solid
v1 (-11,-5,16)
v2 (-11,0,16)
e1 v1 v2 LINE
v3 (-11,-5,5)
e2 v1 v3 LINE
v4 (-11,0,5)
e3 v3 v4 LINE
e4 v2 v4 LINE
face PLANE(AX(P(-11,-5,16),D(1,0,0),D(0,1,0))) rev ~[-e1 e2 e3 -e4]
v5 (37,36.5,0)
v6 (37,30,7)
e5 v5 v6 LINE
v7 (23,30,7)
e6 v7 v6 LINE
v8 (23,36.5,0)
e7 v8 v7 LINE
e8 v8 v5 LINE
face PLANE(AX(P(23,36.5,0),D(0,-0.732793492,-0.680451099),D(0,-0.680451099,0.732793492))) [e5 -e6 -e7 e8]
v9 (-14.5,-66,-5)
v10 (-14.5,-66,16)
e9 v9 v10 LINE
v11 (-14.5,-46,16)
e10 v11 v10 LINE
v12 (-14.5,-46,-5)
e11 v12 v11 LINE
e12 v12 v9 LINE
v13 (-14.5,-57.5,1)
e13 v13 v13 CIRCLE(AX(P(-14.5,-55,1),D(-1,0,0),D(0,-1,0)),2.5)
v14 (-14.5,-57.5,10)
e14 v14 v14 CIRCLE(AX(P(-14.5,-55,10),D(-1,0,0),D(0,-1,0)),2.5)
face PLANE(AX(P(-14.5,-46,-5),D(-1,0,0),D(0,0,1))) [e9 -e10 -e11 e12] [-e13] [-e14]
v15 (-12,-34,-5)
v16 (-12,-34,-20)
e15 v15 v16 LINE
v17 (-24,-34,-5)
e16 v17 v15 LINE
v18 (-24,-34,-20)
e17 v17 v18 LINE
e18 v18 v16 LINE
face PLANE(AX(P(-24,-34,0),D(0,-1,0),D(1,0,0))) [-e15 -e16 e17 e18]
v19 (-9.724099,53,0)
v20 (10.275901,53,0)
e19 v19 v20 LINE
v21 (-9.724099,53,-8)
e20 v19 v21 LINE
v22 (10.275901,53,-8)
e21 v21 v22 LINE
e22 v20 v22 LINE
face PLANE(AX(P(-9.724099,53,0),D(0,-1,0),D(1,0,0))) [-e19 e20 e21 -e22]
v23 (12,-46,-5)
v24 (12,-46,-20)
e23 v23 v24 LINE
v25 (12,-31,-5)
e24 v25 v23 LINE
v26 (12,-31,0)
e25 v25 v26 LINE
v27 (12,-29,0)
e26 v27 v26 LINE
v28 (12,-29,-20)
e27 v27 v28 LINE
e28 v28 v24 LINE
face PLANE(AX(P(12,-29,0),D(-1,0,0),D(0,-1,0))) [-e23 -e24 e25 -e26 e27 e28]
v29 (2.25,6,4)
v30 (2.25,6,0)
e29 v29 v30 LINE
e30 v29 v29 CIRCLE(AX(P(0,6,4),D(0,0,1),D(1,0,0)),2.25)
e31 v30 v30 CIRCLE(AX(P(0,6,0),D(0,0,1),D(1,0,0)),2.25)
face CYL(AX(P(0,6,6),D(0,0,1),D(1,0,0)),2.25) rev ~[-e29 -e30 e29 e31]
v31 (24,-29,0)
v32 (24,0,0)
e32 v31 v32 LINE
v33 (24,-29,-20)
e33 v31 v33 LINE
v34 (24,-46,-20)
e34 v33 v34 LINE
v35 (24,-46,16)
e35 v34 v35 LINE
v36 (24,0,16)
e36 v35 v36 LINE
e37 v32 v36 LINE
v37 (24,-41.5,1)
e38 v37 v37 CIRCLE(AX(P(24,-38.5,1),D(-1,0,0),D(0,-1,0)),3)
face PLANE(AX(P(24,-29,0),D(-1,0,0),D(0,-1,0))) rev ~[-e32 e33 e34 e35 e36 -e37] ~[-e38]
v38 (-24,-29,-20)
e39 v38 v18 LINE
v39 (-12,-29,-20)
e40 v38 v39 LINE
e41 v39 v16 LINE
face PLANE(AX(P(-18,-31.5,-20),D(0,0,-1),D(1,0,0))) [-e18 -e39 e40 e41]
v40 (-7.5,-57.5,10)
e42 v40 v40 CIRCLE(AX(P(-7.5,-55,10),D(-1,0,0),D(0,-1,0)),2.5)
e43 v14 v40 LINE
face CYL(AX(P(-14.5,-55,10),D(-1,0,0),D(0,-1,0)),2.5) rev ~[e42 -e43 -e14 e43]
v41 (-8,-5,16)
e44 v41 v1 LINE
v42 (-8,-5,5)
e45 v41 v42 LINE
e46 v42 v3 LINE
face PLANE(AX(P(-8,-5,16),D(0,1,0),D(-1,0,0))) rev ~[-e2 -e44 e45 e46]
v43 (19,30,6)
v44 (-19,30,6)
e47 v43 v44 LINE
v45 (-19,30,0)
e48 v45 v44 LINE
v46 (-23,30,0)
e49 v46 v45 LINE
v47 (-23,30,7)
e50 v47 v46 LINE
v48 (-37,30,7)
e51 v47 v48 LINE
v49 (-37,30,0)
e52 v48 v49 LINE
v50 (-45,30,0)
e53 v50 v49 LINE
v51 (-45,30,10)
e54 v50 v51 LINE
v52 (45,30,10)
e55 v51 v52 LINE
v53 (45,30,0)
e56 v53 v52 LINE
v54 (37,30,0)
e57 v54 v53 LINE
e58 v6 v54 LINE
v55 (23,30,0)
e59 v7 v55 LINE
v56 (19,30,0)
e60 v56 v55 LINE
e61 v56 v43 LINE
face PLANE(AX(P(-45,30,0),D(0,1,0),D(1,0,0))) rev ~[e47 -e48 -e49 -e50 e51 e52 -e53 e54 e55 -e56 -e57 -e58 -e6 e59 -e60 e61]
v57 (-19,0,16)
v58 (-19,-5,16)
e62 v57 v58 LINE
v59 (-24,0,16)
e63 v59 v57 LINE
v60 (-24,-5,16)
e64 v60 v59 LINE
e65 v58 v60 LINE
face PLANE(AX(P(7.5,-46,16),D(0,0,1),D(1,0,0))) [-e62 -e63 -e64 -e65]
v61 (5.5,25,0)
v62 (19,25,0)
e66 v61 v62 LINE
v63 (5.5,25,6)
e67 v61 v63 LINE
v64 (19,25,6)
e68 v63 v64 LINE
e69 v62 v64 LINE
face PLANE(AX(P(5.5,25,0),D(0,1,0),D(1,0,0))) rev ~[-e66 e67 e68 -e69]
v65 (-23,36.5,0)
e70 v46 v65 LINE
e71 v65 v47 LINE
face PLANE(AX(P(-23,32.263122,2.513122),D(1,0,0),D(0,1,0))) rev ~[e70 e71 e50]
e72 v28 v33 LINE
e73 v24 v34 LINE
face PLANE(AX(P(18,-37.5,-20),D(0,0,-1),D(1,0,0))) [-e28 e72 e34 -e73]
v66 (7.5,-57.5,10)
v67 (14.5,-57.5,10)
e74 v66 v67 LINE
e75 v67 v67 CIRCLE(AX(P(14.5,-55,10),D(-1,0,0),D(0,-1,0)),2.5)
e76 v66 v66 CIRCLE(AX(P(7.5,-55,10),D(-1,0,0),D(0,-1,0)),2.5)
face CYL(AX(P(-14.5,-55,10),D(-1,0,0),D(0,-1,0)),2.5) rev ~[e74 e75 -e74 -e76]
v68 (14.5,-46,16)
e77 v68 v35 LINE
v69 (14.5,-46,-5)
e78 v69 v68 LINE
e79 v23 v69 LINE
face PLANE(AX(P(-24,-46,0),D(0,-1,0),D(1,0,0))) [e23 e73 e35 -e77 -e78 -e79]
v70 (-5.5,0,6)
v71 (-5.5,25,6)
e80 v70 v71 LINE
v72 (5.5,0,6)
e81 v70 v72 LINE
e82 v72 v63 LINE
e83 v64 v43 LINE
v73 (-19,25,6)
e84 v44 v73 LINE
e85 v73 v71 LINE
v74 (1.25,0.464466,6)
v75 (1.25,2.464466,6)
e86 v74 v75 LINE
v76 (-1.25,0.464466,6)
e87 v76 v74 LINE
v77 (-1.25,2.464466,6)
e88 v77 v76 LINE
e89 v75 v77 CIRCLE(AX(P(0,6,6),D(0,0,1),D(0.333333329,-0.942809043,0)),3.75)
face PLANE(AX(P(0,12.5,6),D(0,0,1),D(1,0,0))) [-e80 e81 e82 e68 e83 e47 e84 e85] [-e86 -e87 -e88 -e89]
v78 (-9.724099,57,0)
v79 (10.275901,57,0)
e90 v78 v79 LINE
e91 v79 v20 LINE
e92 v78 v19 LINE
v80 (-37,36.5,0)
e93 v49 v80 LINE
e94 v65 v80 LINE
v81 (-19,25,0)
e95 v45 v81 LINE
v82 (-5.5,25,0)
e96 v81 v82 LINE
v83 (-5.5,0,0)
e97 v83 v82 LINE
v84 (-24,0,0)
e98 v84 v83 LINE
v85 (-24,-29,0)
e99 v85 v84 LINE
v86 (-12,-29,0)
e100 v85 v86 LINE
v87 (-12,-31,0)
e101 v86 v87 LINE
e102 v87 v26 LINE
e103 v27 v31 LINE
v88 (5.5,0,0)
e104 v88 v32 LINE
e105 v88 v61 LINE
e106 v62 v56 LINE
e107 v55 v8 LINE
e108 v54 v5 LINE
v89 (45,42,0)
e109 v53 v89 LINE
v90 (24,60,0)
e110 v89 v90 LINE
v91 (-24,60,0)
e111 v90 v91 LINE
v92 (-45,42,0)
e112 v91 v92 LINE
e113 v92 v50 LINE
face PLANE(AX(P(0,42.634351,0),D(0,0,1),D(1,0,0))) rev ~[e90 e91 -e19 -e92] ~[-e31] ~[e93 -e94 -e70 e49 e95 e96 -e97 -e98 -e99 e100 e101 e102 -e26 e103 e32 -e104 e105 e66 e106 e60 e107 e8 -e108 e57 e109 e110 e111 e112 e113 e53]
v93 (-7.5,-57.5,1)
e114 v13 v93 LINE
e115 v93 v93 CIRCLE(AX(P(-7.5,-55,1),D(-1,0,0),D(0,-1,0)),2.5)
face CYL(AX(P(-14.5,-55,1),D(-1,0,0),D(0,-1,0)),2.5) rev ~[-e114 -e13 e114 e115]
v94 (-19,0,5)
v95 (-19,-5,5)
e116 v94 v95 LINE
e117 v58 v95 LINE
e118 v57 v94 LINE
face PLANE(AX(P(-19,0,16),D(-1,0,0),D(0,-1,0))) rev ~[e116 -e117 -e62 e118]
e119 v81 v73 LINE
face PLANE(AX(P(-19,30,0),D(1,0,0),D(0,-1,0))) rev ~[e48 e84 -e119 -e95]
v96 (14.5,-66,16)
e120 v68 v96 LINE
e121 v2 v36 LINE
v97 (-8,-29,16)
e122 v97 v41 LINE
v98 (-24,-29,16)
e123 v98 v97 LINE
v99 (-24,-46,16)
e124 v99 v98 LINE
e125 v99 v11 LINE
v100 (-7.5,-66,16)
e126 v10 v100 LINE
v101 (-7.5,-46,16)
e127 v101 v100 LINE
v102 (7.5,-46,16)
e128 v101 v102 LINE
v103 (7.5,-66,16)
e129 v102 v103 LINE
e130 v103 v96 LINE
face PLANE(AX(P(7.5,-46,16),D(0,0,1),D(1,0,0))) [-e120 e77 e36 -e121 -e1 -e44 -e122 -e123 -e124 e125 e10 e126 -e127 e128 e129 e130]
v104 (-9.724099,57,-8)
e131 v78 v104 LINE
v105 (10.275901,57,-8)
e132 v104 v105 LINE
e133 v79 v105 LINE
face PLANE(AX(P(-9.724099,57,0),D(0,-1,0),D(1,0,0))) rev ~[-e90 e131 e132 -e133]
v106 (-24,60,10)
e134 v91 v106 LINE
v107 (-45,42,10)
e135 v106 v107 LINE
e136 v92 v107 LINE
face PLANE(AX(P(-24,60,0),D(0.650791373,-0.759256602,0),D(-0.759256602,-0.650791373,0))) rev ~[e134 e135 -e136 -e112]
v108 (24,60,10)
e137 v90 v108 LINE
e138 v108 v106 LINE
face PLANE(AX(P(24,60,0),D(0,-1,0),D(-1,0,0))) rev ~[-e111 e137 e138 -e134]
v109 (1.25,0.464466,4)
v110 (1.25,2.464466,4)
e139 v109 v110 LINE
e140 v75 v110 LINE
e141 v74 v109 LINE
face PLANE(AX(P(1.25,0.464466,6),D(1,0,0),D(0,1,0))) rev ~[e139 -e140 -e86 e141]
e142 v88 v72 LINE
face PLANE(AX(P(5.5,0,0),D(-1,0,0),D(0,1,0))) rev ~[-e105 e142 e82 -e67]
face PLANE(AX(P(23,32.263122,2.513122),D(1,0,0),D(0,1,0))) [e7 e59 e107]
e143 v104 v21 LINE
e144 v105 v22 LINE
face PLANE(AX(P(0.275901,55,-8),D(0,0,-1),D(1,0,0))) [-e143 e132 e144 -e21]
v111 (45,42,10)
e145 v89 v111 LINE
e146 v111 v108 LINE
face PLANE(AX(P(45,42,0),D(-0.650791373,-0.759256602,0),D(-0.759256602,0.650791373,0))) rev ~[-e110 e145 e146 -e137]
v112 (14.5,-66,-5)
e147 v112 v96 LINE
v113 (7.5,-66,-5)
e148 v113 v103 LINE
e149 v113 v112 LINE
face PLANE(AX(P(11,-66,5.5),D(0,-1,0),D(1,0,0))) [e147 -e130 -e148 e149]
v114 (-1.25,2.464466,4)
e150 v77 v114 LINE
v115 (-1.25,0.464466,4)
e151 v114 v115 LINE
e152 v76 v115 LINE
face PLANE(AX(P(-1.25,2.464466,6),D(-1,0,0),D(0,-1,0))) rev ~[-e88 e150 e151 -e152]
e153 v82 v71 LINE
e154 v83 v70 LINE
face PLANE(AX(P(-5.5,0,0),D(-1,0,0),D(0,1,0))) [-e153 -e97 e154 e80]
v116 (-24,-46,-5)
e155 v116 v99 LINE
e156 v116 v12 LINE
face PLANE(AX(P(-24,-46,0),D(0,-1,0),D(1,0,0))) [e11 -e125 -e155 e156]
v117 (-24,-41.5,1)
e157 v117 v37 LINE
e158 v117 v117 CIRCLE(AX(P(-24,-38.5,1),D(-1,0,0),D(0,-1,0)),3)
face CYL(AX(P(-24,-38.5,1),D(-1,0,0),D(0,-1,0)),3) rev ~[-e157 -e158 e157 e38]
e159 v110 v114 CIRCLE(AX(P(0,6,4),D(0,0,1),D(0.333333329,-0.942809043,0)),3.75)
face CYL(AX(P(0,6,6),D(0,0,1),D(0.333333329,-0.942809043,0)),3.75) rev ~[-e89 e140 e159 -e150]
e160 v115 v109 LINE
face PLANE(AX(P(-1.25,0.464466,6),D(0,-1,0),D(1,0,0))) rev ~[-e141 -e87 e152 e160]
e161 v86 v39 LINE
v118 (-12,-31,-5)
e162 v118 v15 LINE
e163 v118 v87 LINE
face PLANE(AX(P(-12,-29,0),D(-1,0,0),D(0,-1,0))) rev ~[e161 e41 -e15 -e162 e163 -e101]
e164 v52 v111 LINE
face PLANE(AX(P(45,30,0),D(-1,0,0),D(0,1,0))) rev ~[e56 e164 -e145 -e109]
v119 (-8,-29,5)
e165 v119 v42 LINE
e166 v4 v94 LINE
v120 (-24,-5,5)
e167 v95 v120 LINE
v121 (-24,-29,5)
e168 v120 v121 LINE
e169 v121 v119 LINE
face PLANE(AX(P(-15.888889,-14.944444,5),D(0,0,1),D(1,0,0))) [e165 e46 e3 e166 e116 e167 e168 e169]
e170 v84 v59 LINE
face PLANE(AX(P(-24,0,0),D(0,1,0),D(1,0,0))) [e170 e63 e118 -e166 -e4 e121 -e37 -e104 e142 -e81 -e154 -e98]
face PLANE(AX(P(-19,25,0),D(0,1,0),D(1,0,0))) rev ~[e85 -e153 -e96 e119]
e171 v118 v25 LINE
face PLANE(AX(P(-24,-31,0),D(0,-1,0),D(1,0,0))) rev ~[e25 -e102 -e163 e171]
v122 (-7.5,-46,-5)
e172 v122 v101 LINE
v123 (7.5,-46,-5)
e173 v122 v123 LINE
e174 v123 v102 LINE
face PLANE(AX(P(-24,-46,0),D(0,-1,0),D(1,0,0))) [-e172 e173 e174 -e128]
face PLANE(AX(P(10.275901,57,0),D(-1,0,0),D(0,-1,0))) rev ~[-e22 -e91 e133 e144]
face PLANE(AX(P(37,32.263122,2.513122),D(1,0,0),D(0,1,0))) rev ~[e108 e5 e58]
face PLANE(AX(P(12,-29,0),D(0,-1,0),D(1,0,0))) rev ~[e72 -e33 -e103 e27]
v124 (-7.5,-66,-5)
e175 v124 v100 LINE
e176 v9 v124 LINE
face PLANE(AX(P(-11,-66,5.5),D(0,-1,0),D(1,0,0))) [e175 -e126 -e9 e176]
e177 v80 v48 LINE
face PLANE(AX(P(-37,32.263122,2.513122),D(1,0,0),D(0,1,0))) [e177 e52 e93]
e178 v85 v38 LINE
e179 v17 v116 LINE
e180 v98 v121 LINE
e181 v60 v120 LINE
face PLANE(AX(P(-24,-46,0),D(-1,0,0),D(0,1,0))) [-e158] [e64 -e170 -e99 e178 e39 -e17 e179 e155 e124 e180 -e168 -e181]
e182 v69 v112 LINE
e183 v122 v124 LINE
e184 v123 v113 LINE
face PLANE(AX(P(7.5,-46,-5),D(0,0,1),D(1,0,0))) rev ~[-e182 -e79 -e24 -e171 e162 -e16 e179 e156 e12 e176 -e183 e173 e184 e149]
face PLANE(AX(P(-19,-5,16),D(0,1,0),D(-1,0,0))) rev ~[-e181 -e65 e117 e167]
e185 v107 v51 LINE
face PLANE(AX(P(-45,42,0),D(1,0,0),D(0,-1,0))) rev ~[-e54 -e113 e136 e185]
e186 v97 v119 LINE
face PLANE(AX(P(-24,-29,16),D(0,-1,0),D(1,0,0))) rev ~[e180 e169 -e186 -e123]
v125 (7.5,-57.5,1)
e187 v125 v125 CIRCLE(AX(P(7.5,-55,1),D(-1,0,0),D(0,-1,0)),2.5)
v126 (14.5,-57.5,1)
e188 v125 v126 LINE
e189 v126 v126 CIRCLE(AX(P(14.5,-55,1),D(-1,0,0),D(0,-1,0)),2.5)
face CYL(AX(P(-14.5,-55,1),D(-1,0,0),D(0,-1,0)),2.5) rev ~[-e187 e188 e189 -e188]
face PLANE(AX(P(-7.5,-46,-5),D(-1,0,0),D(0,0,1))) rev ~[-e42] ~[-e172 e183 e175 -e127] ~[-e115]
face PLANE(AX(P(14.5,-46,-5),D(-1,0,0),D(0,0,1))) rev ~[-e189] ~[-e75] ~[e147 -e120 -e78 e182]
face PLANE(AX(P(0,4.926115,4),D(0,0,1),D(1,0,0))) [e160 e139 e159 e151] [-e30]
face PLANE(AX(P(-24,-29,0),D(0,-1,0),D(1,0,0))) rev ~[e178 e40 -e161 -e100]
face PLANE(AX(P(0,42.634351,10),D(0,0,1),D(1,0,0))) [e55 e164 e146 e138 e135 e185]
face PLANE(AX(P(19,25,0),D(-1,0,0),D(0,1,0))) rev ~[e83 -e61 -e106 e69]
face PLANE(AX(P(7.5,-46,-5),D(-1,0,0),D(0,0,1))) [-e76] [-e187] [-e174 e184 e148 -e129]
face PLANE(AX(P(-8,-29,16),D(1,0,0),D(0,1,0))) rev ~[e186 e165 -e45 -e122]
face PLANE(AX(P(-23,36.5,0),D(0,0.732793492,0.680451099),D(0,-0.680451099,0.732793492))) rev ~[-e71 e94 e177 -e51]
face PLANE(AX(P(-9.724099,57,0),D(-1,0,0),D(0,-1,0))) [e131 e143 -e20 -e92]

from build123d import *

# Parameters (mm, degrees)
F0_W      = 48
F0_H      = 46
F1_DEPTH  = 16
F2_W      = 11
F2_H      = 25
F3_DEPTH  = 6
F5_DEPTH  = 10
F6_W      = 12
F6_H      = 5
F6_H_2    = 17
F7_DEPTH  = 20
F8_W      = 48
F8_H      = 15
F9_DEPTH  = 5
F10_W     = 7
F10_H     = 21
F11_DEPTH = 20
F13_DEPTH = 11
F14_R     = 2.5
F15_DEPTH = 59.501
F16_R     = 3
F17_DEPTH = 69.001
F18_R     = 2.25
F19_DEPTH = 26.001
F21_DEPTH = 2
F24_DEPTH = 14
F27_DEPTH = 14
F28_W     = 20
F28_H     = 4
F29_DEPTH = 8


with BuildPart() as f1:
    # F0 (on Top) → F1 (new body)
    with BuildSketch(Plane.XY):
        with Locations((0, -23)):
            Rectangle(F0_W, F0_H)
    extrude(amount=F1_DEPTH)

    # F2 (on Top) → F3 (join)
    with BuildSketch(Plane.XY):
        with Locations((0, 12.5)):
            Rectangle(F2_W, F2_H)
        Polygon((-19, 25), (-5.5, 25), (5.5, 25), (19, 25), (19, 30), (-19, 30), align=None)
    extrude(amount=F3_DEPTH)

    # F4 (on Top) → F5 (join)
    with BuildSketch(Plane.XY):
        Polygon((-45, 30), (0, 30), (45, 30), (45, 42), (24, 60), (-24, 60), (-45, 42), align=None)
    extrude(amount=F5_DEPTH)

    # F6 (on face) → F7 (join)
    with BuildSketch(Plane(origin=(0, 0, 0), x_dir=(1, 0, 0), z_dir=(0, 0, -1))):
        with Locations((-18, 31.5)):
            Rectangle(F6_W, F6_H)
        with Locations((18, 37.5)):
            Rectangle(F6_W, F6_H_2)
    extrude(amount=F7_DEPTH)

    # F8 (on face) → F9 (join)
    with BuildSketch(Plane(origin=(0, 0, 0), x_dir=(1, 0, 0), z_dir=(0, 0, -1))):
        with Locations((0, 38.5)):
            Rectangle(F8_W, F8_H)
    extrude(amount=F9_DEPTH)

    # F10 (on face) → F11 (join)
    with BuildSketch(Plane.XZ.offset(46)):
        with Locations((-11, 5.5)):
            Rectangle(F10_W, F10_H)
        with Locations((11, 5.5)):
            Rectangle(F10_W, F10_H)
    extrude(amount=F11_DEPTH)

    # F12 (on face) → F13 (cut)
    with BuildSketch(Plane.XY.offset(16)):
        Polygon((-11, 0), (-19, 0), (-19, -5), (-24, -5), (-24, -29), (-8, -29), (-8, -5), (-11, -5), align=None)
    extrude(amount=-F13_DEPTH, mode=Mode.SUBTRACT)

    # F14 (on face) → F15 (cut, through all)
    with BuildSketch(Plane(origin=(-14.5, 0, 0), x_dir=(0, -1, 0), z_dir=(-1, 0, 0))):
        with Locations((55, 10)):
            Circle(F14_R)
        with Locations((55, 1)):
            Circle(F14_R)
    extrude(amount=-F15_DEPTH, mode=Mode.SUBTRACT)

    # F16 (on face) → F17 (cut, through all)
    with BuildSketch(Plane(origin=(-24, 0, 0), x_dir=(0, -1, 0), z_dir=(-1, 0, 0))):
        with Locations((38.5, 1)):
            Circle(F16_R)
    extrude(amount=-F17_DEPTH, mode=Mode.SUBTRACT)

    # F18 (on face) → F19 (cut, through all)
    with BuildSketch(Plane.XY.offset(6)):
        with Locations((0, 6)):
            Circle(F18_R)
    extrude(amount=-F19_DEPTH, mode=Mode.SUBTRACT)

    # F20 (on face) → F21 (cut)
    with BuildSketch(Plane.XY.offset(6)):
        with BuildLine():
            Line((1.25, 0.464466), (1.25, 2.464466))
            ThreePointArc((1.25, 2.464466), (0, 9.75), (-1.25, 2.464466))
            Line((-1.25, 2.464466), (-1.25, 0.464466))
            Line((-1.25, 0.464466), (1.25, 0.464466))
        make_face()
    extrude(amount=-F21_DEPTH, mode=Mode.SUBTRACT)

    # F23 (on offset) → F24 (cut)
    with BuildSketch(Plane.YZ.offset(23)):
        Polygon((30, 0), (36.5, 0), (30, 7), align=None)
    extrude(amount=F24_DEPTH, mode=Mode.SUBTRACT)

    # F26 (on offset) → F27 (cut)
    with BuildSketch(Plane.YZ.offset(-23)):
        Polygon((30, 0), (36.5, 0), (30, 7), align=None)
    extrude(amount=-F27_DEPTH, mode=Mode.SUBTRACT)

    # F28 (on face) → F29 (join)
    with BuildSketch(Plane(origin=(0, 0, 0), x_dir=(1, 0, 0), z_dir=(0, 0, -1))):
        with Locations((0.275901, -55)):
            Rectangle(F28_W, F28_H)
    extrude(amount=F29_DEPTH)


solid = f1.part
